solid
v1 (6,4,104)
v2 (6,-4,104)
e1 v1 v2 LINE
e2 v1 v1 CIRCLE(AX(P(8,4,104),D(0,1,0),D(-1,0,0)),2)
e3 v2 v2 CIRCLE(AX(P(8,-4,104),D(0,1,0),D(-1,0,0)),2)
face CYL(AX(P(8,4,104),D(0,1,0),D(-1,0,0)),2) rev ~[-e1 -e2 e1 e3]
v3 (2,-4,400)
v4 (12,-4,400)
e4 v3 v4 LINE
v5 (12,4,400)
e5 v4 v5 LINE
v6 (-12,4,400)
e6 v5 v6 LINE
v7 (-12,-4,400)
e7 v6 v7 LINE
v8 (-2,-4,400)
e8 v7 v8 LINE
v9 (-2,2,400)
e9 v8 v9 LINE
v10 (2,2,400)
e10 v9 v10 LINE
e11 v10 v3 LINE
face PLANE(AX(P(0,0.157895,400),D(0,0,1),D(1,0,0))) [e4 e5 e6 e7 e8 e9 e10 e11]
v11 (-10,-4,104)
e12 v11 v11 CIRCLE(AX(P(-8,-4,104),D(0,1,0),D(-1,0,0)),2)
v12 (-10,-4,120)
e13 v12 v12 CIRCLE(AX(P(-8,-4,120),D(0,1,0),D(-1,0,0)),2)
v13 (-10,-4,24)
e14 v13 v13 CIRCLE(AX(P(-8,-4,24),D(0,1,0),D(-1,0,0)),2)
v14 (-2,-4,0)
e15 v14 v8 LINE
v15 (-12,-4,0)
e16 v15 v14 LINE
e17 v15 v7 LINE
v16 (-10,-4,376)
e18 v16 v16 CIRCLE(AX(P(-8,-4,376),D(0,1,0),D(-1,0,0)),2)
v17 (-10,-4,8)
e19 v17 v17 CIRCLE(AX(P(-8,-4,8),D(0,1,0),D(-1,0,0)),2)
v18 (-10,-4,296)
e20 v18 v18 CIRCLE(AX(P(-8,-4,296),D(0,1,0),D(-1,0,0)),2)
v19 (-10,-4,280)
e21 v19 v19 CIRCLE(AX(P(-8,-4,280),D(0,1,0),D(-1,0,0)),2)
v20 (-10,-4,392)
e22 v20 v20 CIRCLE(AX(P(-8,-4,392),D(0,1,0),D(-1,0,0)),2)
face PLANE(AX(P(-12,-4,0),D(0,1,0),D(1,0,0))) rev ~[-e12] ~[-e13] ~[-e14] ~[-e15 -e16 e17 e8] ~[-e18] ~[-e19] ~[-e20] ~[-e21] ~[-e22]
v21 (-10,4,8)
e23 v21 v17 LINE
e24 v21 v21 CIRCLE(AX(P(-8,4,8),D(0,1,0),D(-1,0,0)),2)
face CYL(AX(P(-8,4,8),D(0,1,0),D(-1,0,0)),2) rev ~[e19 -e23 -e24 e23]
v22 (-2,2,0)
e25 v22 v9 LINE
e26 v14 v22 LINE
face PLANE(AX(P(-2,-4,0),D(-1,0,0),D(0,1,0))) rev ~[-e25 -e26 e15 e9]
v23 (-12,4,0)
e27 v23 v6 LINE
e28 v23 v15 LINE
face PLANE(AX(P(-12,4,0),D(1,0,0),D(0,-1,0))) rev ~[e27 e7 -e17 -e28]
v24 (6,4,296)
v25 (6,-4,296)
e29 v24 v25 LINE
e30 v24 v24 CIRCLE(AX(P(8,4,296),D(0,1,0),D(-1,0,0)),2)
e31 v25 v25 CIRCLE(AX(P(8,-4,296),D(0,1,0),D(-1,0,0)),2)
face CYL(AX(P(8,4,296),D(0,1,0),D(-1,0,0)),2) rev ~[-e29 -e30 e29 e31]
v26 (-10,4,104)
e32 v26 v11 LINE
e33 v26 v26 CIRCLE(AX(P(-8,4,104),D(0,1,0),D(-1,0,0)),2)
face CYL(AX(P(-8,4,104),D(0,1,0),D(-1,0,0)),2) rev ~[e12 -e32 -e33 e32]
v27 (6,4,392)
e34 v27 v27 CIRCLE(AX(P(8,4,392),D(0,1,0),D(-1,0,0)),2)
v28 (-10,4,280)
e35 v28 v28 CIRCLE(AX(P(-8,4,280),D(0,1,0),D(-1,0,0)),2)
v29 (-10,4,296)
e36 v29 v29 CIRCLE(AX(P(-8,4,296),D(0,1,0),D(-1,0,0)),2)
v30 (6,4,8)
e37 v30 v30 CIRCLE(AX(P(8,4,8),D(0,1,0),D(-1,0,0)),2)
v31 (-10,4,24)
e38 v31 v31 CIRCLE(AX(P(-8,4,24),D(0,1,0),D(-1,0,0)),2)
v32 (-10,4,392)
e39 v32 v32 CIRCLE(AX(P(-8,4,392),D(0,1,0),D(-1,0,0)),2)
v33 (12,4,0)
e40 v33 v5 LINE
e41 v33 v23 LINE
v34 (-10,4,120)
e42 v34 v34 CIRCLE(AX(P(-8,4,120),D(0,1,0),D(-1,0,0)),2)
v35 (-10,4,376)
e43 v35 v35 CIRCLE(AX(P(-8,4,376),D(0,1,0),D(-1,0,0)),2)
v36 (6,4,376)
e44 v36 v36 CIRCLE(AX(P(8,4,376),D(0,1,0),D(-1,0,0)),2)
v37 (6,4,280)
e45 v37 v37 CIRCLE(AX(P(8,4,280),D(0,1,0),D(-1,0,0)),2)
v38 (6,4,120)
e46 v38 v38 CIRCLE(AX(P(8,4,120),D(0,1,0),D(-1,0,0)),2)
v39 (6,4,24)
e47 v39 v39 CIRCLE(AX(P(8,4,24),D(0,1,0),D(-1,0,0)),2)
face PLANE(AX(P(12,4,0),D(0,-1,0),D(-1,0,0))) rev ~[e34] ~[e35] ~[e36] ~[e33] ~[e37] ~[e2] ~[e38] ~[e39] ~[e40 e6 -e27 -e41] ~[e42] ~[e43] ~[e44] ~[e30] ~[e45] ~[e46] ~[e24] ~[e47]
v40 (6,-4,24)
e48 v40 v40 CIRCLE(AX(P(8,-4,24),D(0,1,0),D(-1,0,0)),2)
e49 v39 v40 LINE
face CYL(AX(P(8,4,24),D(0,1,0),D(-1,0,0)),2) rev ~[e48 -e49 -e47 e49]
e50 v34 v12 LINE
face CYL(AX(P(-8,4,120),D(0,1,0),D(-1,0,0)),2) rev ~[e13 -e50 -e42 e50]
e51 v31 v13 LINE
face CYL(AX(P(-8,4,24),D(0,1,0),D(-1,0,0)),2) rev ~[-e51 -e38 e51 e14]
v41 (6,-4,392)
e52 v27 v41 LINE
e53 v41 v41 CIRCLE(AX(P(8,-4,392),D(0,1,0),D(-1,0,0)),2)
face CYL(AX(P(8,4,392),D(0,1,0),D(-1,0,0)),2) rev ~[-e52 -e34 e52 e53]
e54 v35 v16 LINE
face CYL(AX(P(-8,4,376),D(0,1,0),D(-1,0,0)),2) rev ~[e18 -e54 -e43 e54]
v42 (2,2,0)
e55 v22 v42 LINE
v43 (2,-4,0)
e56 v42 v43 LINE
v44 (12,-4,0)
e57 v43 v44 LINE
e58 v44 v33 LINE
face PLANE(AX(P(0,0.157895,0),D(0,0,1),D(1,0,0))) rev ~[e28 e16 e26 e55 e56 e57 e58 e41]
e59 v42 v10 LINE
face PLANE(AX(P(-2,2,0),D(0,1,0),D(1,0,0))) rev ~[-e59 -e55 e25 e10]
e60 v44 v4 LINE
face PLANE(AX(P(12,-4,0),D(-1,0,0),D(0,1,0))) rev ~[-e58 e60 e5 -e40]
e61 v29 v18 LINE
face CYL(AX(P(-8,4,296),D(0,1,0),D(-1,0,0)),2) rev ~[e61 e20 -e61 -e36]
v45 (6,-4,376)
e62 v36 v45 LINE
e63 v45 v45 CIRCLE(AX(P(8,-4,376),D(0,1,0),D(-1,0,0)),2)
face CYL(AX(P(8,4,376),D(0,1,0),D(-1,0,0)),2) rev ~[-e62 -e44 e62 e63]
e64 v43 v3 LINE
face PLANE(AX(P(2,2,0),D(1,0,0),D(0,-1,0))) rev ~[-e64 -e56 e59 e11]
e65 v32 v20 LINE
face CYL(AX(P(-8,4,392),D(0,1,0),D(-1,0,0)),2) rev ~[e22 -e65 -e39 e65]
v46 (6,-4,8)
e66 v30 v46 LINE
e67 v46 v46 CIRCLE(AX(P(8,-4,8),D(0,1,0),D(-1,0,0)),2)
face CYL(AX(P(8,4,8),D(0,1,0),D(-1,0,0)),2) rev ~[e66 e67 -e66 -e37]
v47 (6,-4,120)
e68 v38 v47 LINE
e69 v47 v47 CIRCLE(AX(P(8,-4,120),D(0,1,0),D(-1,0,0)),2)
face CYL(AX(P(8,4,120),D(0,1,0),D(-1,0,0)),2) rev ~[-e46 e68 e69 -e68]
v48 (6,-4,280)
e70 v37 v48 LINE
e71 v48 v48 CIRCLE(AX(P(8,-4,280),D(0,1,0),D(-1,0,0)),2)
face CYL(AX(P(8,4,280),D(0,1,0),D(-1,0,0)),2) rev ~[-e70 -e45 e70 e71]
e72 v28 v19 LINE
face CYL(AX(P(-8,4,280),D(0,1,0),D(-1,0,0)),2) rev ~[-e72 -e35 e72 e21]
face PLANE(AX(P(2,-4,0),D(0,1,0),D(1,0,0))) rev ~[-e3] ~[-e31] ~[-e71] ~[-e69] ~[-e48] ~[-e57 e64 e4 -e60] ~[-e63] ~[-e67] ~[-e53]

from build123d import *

# Parameters (mm, degrees)
F1_DEPTH = 400
F2_R     = 2
F3_DEPTH = 25


with BuildPart() as f1:
    # F0 (on Top) → F1 (new body)
    with BuildSketch(Plane.XY):
        Polygon((12, -4), (12, 4), (-12, 4), (-12, -4), (-2, -4), (-2, 2), (2, 2), (2, -4), align=None)
    extrude(amount=F1_DEPTH)

    # F2 (on face) → F3 (cut)
    with BuildSketch(Plane(origin=(0, 4, 0), x_dir=(-1, 0, 0), z_dir=(0, 1, 0))):
        with Locations((-8, 8)):
            Circle(F2_R)
        with Locations((-8, 24)):
            Circle(F2_R)
        with Locations((8, 8)):
            Circle(F2_R)
        with Locations((8, 24)):
            Circle(F2_R)
        with Locations((-8, 104)):
            Circle(F2_R)
        with Locations((-8, 120)):
            Circle(F2_R)
        with Locations((8, 104)):
            Circle(F2_R)
        with Locations((8, 120)):
            Circle(F2_R)
        with Locations((-8, 392)):
            Circle(F2_R)
        with Locations((-8, 296)):
            Circle(F2_R)
        with Locations((-8, 280)):
            Circle(F2_R)
        with Locations((8, 392)):
            Circle(F2_R)
        with Locations((-8, 376)):
            Circle(F2_R)
        with Locations((8, 296)):
            Circle(F2_R)
        with Locations((8, 376)):
            Circle(F2_R)
        with Locations((8, 280)):
            Circle(F2_R)
    extrude(amount=-F3_DEPTH, mode=Mode.SUBTRACT)


solid = f1.part
